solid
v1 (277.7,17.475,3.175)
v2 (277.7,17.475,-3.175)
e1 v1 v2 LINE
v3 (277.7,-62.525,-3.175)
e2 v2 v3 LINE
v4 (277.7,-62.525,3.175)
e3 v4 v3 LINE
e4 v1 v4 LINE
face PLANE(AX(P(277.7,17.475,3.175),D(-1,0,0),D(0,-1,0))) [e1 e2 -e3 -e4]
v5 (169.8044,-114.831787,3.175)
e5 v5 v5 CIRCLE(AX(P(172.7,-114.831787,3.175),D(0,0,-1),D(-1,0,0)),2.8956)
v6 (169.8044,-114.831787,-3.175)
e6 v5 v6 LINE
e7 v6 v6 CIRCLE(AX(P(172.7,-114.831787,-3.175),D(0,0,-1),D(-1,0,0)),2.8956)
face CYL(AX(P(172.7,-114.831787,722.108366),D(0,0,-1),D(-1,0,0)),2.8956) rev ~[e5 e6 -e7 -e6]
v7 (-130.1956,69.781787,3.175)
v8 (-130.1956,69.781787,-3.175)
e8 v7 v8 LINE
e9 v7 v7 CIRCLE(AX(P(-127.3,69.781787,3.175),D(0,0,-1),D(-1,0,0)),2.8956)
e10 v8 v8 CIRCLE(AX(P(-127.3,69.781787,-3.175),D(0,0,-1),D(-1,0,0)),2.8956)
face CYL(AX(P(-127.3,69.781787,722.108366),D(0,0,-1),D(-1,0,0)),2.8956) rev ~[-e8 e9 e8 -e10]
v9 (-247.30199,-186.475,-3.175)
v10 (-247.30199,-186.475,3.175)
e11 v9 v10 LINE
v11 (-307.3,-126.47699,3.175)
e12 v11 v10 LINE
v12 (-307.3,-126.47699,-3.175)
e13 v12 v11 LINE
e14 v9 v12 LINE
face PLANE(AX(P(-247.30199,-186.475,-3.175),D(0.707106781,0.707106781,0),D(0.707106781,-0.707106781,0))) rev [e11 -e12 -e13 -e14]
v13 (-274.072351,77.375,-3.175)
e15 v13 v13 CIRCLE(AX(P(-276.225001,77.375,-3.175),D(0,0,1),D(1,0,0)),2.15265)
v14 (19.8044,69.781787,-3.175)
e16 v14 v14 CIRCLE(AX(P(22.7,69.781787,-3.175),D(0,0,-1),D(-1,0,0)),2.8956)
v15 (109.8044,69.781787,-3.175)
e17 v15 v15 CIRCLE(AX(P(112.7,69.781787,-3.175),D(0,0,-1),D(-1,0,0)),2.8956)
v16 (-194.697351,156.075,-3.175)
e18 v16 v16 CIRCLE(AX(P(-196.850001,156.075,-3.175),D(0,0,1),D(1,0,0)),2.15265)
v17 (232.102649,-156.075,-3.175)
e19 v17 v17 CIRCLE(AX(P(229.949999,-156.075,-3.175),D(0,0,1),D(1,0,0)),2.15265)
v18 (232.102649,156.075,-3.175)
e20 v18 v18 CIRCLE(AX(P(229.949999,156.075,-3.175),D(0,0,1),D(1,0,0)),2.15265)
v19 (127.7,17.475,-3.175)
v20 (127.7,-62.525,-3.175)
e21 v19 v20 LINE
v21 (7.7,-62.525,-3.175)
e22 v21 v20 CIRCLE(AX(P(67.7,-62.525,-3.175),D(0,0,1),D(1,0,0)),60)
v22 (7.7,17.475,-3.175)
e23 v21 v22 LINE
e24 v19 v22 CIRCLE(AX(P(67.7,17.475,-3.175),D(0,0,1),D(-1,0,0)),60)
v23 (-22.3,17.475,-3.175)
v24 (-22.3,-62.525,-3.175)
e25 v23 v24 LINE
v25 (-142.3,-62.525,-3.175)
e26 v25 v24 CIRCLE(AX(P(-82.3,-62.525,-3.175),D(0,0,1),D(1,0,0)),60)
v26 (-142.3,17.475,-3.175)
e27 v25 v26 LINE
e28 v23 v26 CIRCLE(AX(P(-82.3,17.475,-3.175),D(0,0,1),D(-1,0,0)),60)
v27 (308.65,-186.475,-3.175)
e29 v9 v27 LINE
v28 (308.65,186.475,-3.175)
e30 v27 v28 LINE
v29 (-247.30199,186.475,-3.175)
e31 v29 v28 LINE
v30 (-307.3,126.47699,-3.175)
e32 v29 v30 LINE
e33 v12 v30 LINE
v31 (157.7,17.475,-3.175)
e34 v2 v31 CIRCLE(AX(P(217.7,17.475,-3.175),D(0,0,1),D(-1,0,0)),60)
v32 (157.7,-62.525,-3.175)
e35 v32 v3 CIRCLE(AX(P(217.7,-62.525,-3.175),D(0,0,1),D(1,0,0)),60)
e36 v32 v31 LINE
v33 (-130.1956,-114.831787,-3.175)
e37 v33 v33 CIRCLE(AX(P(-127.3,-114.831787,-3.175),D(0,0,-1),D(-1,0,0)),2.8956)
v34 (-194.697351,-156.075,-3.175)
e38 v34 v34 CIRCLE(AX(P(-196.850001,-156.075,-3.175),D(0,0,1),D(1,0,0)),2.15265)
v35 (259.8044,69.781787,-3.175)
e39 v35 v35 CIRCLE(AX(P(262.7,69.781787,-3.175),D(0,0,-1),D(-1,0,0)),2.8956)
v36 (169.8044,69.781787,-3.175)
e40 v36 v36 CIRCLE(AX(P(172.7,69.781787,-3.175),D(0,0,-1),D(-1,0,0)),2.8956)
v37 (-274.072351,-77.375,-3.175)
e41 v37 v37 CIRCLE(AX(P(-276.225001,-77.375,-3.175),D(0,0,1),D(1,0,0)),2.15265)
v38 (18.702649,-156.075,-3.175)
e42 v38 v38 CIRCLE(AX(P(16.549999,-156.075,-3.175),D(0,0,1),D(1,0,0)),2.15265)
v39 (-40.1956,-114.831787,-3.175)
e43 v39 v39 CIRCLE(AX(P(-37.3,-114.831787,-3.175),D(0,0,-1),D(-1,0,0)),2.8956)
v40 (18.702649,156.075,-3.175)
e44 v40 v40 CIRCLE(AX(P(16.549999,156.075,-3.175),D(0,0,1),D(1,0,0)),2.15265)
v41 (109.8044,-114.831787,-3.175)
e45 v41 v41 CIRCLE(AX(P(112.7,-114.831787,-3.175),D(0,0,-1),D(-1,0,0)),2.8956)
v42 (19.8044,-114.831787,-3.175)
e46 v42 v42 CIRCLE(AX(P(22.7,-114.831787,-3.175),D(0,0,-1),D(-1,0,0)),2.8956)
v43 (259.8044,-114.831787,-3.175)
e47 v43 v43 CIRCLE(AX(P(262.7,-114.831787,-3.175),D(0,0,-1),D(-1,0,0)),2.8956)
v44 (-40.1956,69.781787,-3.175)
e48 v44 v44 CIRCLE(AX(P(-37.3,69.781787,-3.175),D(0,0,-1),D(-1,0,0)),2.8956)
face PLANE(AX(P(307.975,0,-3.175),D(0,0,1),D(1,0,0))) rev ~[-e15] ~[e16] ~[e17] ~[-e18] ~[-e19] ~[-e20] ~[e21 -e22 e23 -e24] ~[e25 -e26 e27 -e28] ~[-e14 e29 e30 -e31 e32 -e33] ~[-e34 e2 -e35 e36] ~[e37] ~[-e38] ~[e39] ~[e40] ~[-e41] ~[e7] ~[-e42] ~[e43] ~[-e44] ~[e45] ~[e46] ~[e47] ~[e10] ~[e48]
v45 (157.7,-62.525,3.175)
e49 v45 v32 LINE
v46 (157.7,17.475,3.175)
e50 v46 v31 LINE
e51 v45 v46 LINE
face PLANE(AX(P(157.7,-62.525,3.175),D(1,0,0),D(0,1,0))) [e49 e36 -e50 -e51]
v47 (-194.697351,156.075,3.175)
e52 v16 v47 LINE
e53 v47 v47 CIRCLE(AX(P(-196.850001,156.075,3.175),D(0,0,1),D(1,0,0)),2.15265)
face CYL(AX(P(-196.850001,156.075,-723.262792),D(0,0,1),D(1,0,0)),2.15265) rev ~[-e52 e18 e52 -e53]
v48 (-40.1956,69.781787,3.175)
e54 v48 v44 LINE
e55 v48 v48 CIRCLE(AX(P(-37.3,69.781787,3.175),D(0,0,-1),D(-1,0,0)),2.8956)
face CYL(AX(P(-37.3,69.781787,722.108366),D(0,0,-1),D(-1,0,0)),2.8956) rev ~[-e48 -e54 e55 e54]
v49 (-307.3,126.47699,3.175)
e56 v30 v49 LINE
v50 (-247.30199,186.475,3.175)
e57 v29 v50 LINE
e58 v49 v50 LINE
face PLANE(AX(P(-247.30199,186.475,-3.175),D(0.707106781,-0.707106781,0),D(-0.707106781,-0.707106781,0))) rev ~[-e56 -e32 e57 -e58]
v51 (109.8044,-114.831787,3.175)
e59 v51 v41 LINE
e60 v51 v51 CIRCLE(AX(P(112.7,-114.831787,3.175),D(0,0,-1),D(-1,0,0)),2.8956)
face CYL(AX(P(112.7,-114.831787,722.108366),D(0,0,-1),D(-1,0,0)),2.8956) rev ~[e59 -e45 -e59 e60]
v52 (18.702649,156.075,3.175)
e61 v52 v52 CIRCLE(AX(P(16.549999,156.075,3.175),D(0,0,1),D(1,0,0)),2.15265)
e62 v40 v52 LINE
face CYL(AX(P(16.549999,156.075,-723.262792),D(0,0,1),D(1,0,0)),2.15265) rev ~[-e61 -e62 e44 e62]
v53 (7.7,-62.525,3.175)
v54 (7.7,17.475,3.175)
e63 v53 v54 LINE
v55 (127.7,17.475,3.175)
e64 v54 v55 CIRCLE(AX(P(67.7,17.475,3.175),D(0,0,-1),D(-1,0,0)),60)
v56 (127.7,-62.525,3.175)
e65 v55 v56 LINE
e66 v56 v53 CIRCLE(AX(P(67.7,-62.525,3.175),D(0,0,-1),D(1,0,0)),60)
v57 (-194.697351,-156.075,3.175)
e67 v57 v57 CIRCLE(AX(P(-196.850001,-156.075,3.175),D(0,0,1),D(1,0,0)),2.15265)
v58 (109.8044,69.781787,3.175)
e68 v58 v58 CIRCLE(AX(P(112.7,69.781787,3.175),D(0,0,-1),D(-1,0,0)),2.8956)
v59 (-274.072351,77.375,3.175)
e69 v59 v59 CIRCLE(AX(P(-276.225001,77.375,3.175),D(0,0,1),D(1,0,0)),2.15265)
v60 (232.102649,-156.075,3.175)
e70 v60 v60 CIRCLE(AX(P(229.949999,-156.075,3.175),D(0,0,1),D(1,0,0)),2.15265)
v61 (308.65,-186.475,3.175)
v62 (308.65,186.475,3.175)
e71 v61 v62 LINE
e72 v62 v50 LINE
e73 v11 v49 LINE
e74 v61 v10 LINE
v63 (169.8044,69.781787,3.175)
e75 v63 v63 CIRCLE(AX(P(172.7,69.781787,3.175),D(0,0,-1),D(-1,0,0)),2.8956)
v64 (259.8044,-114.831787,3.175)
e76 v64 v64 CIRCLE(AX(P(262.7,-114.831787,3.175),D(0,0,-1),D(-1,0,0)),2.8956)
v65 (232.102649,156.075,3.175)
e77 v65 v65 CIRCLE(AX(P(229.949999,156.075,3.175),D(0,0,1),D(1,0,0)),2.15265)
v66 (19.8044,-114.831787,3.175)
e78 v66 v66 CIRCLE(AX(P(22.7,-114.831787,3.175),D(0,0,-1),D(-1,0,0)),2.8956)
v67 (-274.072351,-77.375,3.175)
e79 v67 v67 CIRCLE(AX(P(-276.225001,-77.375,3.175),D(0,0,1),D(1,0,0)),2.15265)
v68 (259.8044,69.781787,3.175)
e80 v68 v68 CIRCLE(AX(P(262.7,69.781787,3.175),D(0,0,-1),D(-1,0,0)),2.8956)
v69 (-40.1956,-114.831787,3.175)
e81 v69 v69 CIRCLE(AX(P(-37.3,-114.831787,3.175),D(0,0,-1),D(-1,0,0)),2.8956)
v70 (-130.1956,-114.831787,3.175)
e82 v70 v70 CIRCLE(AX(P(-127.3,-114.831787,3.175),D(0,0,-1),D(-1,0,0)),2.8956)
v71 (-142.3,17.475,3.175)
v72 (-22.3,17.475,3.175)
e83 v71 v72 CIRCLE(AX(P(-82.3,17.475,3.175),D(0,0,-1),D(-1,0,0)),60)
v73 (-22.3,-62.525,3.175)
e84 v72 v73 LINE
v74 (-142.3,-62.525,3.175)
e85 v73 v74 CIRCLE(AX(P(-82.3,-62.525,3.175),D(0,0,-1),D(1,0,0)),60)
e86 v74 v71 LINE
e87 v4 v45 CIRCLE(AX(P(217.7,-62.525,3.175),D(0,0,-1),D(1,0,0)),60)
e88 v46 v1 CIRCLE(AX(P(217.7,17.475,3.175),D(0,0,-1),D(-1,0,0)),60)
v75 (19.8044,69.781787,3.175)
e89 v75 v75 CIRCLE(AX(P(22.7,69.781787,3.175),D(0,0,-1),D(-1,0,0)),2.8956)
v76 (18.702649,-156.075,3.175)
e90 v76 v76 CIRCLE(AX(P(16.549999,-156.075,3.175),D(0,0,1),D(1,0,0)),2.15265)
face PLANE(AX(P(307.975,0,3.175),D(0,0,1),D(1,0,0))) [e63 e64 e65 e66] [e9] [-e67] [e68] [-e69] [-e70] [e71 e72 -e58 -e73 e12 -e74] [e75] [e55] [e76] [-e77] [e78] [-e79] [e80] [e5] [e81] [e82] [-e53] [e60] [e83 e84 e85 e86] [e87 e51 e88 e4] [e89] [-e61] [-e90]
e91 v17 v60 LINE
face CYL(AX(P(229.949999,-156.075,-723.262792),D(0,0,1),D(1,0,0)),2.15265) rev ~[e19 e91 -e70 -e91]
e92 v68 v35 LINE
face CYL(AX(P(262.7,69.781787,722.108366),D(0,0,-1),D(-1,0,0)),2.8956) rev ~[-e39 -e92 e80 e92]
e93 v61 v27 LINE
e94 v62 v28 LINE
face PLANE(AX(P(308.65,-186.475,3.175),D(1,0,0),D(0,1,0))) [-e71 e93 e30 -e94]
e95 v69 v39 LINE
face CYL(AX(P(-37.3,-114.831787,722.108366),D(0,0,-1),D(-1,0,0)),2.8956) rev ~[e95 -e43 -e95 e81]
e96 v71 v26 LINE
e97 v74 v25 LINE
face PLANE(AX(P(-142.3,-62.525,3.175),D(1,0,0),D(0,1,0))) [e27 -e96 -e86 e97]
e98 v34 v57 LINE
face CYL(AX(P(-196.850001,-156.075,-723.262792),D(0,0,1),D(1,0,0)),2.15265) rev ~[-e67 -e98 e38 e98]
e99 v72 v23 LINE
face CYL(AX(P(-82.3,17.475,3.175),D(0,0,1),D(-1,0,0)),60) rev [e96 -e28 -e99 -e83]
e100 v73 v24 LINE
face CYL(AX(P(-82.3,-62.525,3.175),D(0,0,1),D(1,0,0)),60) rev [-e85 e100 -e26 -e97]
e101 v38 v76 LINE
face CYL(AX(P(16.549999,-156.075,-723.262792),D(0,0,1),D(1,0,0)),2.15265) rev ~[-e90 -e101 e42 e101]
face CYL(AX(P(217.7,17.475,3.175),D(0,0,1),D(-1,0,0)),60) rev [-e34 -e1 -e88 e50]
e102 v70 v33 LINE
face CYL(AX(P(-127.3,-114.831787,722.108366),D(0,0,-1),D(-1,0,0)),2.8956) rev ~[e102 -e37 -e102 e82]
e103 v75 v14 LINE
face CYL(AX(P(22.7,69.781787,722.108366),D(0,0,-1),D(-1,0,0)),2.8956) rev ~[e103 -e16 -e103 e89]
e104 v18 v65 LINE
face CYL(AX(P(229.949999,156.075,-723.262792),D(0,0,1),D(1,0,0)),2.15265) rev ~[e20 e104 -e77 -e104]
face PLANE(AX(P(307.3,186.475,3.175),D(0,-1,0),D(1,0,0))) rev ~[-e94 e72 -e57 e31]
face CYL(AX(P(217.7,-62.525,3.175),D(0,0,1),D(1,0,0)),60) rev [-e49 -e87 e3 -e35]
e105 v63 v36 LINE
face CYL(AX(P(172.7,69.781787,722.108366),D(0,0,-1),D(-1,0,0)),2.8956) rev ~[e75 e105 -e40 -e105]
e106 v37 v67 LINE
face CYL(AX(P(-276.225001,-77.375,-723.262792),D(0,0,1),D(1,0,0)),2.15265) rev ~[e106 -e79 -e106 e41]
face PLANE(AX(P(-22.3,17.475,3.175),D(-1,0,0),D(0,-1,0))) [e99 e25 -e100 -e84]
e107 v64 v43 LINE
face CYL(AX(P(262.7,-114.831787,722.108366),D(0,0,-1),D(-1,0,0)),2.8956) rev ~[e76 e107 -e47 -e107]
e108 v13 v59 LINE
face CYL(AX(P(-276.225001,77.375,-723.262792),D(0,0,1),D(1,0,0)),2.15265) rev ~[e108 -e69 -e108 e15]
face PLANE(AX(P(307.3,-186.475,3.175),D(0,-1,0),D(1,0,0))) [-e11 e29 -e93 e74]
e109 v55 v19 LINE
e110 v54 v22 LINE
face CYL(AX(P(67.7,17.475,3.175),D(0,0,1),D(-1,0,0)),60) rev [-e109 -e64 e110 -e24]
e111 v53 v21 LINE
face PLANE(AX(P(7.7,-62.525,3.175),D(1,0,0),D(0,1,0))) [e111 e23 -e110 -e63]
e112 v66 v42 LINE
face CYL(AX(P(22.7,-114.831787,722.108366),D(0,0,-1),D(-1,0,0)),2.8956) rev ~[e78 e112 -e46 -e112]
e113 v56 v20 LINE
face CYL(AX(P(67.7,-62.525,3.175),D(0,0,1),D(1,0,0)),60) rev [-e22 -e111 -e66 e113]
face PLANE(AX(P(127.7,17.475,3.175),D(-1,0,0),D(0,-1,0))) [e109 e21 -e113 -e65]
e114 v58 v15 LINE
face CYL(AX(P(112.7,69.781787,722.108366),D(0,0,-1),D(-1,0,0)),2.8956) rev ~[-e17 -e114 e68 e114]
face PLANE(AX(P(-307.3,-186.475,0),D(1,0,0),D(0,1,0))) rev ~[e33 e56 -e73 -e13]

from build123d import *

# Parameters (mm, degrees)
ESQUISSE1_W                = 614.6
ESQUISSE1_H                = 372.95
BOSS_EXTRU_1_DEPTH         = 3.175
ENL_V_MAT_EXTRU_1_DEPTH    = 360.508745547
D_GAGEMENT_121_D           = 5.7912
R_P_TITION_LIN_AIRE1_COUNT = 3
R_P_TITION_LIN_AIRE1_PITCH = 150
ENL_V_MAT_EXTRU_2_DEPTH    = 360.508745547
ESQUISSE10_W               = 1.35
ESQUISSE10_H               = 372.95
BOSS_EXTRU_3_DEPTH         = 6.35
D_GAGEMENT_61_D            = 4.3053


with BuildPart() as part:
    # Esquisse1 → Boss.-Extru.1 (new, symmetric)
    with BuildSketch(Plane.XY):
        Rectangle(ESQUISSE1_W, ESQUISSE1_H)
    extrude(amount=BOSS_EXTRU_1_DEPTH, both=True)

    # Esquisse2 → Enlèv. mat.-Extru.1 (cut, through all)
    with BuildSketch(Plane.XY.offset(3.175)):
        with BuildLine():
            Line((-22.3, 17.475), (-22.3, -62.525))
            ThreePointArc((-22.3, -62.525), (-82.3, -122.525), (-142.3, -62.525))
            Line((-142.3, -62.525), (-142.3, 17.475))
            ThreePointArc((-142.3, 17.475), (-82.3, 77.475), (-22.3, 17.475))
        make_face()
    enl_v_mat_extru_1 = extrude(amount=-ENL_V_MAT_EXTRU_1_DEPTH, mode=Mode.SUBTRACT)

    # Dégagement #121 (through all)
    with Locations(Plane.XY.offset(3.175)):
        with Locations((-127.3, -114.831787322), (-37.3, -114.831787322), (-37.3, 69.781787322), (-127.3, 69.781787322)):
            d_gagement_121 = Hole(D_GAGEMENT_121_D / 2)

    # Répétition linéaire1: Enlèv. mat.-Extru.1, Dégagement #121 ×3
    with Locations(*[(i * R_P_TITION_LIN_AIRE1_PITCH, 0, 0) for i in range(1, R_P_TITION_LIN_AIRE1_COUNT)]):
        add(enl_v_mat_extru_1, mode=Mode.SUBTRACT)
        add(d_gagement_121, mode=Mode.SUBTRACT)

    # Esquisse9 → Enlèv. mat.-Extru.2 (cut, through all)
    with BuildSketch(Plane(origin=(0, 0, -3.175), x_dir=(-1, 0, 0), z_dir=(0, 0, -1))):
        Polygon((247.301989616, 186.475), (307.3, 126.476989616), (307.3, 186.475), align=None)
    enl_v_mat_extru_2 = extrude(amount=-ENL_V_MAT_EXTRU_2_DEPTH, mode=Mode.SUBTRACT)

    # Esquisse10 → Boss.-Extru.3 (add, through all)
    with BuildSketch(Plane.XY.offset(3.175)):
        with Locations((307.975, 0)):
            Rectangle(ESQUISSE10_W, ESQUISSE10_H)
    extrude(amount=-BOSS_EXTRU_3_DEPTH)

    # Dégagement #61 (through all)
    with Locations(Plane(origin=(0, 0, -3.175), x_dir=(-1, 0, 0), z_dir=(0, 0, -1))):
        with Locations((276.225000899, -77.375), (196.850000899, -156.075), (-16.549999101, -156.075), (-229.949999101, -156.075), (-229.949999101, 156.075), (-16.549999101, 156.075), (196.850000899, 156.075), (276.225000899, 77.375)):
            Hole(D_GAGEMENT_61_D / 2)

    # Symétrie1: Enlèv. mat.-Extru.2 across plane
    add(enl_v_mat_extru_2.mirror(Plane.ZX), mode=Mode.SUBTRACT)


solid = part.part
